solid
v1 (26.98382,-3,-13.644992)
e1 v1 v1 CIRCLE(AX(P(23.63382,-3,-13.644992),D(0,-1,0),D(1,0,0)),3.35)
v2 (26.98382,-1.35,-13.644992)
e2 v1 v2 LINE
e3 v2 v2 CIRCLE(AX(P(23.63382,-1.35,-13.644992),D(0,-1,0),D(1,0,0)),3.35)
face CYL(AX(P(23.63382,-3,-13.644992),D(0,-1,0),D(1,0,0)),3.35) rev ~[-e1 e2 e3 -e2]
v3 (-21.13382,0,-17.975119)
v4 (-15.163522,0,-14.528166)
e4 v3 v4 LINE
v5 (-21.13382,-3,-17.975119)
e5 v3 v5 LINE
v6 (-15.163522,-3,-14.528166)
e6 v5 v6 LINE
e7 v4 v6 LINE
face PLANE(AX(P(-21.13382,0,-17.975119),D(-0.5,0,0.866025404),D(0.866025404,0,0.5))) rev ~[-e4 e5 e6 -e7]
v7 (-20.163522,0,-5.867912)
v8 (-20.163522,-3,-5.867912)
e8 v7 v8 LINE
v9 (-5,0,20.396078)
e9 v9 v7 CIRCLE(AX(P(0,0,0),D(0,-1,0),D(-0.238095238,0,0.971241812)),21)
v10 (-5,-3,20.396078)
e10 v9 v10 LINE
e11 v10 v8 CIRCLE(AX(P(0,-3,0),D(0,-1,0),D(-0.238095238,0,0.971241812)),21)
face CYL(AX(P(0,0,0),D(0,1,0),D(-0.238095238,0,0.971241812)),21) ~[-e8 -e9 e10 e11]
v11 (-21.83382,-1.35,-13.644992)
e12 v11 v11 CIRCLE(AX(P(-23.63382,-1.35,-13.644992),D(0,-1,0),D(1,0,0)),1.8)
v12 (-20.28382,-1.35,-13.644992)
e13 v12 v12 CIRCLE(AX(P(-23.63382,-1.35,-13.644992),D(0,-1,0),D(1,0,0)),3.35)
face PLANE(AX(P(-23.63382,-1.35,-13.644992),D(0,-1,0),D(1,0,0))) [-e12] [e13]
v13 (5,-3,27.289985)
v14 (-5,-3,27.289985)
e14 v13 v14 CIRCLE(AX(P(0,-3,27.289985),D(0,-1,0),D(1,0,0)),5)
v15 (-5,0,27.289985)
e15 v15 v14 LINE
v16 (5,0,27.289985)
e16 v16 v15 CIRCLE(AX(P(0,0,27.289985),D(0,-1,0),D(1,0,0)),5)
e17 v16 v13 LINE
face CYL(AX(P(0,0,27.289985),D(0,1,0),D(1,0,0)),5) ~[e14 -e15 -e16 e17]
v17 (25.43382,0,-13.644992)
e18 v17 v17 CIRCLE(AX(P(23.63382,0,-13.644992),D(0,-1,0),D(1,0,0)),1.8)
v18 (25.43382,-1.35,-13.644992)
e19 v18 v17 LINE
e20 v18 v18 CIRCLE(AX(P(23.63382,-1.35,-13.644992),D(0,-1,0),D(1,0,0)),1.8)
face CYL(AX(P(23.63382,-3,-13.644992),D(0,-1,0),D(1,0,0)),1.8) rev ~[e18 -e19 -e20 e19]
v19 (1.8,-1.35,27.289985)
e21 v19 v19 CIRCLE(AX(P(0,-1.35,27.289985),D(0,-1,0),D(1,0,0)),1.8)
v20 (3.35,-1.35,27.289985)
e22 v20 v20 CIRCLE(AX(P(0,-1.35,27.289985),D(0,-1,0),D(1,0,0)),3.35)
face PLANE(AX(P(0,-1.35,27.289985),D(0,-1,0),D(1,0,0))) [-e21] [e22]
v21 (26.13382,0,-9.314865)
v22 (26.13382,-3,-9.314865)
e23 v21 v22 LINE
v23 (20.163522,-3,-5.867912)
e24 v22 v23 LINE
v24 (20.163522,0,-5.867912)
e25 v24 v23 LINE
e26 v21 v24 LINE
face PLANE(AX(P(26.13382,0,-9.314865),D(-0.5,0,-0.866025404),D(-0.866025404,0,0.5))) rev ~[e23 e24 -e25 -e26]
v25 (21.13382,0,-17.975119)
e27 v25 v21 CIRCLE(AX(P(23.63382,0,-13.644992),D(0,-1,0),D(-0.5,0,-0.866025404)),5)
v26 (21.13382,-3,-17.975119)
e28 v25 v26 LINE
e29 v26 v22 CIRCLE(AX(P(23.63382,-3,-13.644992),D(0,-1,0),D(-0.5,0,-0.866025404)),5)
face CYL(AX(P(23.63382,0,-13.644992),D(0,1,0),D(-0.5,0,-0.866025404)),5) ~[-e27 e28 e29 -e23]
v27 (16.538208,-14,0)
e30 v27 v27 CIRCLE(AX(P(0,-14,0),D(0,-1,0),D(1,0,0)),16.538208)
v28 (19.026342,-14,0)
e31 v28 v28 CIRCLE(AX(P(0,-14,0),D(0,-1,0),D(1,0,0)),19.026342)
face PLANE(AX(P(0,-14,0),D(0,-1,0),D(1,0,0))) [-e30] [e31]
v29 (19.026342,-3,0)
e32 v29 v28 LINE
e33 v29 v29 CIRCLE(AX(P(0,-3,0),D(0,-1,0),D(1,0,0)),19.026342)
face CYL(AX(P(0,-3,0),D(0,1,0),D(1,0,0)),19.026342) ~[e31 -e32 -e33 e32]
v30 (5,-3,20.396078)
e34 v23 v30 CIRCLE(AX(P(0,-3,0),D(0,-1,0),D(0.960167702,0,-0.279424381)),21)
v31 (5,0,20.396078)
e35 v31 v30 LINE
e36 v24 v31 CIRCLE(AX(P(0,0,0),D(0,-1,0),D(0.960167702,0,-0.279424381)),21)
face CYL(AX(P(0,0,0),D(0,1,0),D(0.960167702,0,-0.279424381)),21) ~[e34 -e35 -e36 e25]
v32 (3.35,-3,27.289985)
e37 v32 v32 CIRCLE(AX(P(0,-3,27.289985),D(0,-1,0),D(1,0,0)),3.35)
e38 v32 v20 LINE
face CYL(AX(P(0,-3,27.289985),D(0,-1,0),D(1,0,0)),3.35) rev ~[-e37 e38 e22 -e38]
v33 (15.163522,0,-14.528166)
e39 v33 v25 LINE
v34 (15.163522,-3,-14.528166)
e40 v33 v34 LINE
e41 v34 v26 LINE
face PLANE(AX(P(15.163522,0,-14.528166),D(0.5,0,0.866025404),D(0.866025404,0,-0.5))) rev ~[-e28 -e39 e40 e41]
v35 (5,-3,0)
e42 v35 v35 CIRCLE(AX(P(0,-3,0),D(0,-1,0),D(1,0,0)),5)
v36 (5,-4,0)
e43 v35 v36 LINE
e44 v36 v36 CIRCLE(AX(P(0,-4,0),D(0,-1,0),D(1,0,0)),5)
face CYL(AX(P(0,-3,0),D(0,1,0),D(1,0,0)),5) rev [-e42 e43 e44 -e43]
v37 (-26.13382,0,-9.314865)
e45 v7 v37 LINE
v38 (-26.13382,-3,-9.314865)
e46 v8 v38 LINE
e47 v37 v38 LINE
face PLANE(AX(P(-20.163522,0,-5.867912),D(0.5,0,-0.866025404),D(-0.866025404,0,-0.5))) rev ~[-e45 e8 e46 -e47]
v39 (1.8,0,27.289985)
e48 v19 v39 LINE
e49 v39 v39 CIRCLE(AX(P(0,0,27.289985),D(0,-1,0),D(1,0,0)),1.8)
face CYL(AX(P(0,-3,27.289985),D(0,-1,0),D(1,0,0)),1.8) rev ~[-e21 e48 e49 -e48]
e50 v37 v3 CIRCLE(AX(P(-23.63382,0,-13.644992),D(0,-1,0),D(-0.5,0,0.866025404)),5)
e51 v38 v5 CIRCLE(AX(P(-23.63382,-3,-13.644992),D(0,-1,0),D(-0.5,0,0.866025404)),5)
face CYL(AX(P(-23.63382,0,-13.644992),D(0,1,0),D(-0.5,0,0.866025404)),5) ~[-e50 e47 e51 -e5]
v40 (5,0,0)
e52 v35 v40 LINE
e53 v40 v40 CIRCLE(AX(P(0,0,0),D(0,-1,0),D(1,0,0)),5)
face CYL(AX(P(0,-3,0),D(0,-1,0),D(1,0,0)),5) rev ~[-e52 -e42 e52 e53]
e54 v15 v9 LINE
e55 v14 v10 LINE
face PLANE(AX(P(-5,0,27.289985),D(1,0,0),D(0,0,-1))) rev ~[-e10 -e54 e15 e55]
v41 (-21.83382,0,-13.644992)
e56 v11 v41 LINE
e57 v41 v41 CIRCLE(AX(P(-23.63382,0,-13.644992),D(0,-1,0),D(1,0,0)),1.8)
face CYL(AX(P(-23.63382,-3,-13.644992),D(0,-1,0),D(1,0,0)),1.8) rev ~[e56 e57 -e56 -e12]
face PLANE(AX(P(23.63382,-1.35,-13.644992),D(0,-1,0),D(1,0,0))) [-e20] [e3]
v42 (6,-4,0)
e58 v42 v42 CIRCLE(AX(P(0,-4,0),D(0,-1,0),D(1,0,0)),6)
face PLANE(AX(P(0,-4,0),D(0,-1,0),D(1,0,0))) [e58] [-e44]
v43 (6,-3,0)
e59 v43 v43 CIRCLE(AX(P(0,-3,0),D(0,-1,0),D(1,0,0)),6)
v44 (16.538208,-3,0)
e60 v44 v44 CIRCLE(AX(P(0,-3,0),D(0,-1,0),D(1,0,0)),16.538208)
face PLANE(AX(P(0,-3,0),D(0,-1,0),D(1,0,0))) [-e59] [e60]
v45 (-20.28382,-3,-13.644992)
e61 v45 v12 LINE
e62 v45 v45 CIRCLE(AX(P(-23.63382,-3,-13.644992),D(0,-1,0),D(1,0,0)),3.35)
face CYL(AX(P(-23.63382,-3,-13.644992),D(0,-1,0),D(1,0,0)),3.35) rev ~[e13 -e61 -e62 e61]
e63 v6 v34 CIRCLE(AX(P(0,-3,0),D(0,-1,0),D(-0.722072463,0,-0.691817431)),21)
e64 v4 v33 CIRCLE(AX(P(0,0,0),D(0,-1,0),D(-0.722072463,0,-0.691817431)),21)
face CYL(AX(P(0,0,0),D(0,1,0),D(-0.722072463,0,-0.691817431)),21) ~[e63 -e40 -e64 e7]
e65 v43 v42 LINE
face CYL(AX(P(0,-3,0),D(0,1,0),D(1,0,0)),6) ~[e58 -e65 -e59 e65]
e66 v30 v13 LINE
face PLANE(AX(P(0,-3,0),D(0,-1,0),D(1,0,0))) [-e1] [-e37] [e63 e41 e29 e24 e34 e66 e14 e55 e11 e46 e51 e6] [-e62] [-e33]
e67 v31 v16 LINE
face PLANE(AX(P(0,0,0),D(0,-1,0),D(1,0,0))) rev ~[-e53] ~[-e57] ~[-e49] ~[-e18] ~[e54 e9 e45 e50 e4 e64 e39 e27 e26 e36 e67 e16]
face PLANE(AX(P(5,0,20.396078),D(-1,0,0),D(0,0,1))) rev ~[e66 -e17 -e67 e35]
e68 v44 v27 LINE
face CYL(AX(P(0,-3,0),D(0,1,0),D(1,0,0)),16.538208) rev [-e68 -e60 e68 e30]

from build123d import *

# Parameters (mm, degrees)
F1_DEPTH  = 3
F2_R      = 19.0263418025
F2_R_2    = 16.5382084955
F3_DEPTH  = 11
F4_R      = 5
F5_DEPTH  = 3.001
F7_R      = 1.8
F8_DEPTH  = 3.001
F6_R      = 6
F6_R_2    = 5
F9_DEPTH  = 1
F10_R     = 3.35
F10_R_2   = 1.8
F11_DEPTH = 1.65
F12_R     = 3.35
F12_R_2   = 1.8
F13_DEPTH = 1.65


with BuildPart() as f1:
    # F0 (on Front) → F1 (new body)
    with BuildSketch(Plane.XZ):
        with BuildLine():
            Line((-5, 27.2899847478), (-5, 20.3960780544))
            ThreePointArc((-5, 20.3960780544), (-18.1865334795, 10.5), (-20.1635217327, -5.8679120083))
            Line((-20.1635217327, -5.8679120083), (-26.1338200605, -9.314865355))
            ThreePointArc((-26.1338200605, -9.314865355), (-27.9639470794, -16.1449923739), (-21.1338200605, -17.9751193928))
            Line((-21.1338200605, -17.9751193928), (-15.1635217327, -14.5281660461))
            ThreePointArc((-15.1635217327, -14.5281660461), (0, -21), (15.1635217327, -14.5281660461))
            Line((15.1635217327, -14.5281660461), (21.1338200605, -17.9751193928))
            ThreePointArc((21.1338200605, -17.9751193928), (27.9639470794, -16.1449923739), (26.1338200605, -9.314865355))
            Line((26.1338200605, -9.314865355), (20.1635217327, -5.8679120083))
            ThreePointArc((20.1635217327, -5.8679120083), (18.1865334795, 10.5), (5, 20.3960780544))
            Line((5, 20.3960780544), (5, 27.2899847478))
            ThreePointArc((5, 27.2899847478), (0, 32.2899847478), (-5, 27.2899847478))
        make_face()
    extrude(amount=F1_DEPTH)

    # F2 (on face) → F3 (join)
    with BuildSketch(Plane.XZ.offset(3)):
        Circle(F2_R)
        Circle(F2_R_2, mode=Mode.SUBTRACT)
    extrude(amount=F3_DEPTH)

    # F4 (on face) → F5 (cut, through all)
    with BuildSketch(Plane.XZ.offset(3)):
        Circle(F4_R)
    extrude(amount=-F5_DEPTH, mode=Mode.SUBTRACT)

    # F7 (on face) → F8 (cut, through all)
    with BuildSketch(Plane.XZ.offset(3)):
        with Locations((-23.6338200605, -13.6449923739)):
            Circle(F7_R)
        with Locations((23.6338200605, -13.6449923739)):
            Circle(F7_R)
        with Locations((0, 27.2899847478)):
            Circle(F7_R)
    extrude(amount=-F8_DEPTH, mode=Mode.SUBTRACT)

    # F6 (on face) → F9 (join)
    with BuildSketch(Plane.XZ.offset(3)):
        Circle(F6_R)
        Circle(F6_R_2, mode=Mode.SUBTRACT)
    extrude(amount=F9_DEPTH)

    # F10 (on face) → F11 (cut)
    with BuildSketch(Plane.XZ.offset(3)):
        with Locations((0, 27.2899847478)):
            Circle(F10_R)
        with Locations((0, 27.2899847478)):
            Circle(F10_R_2, mode=Mode.SUBTRACT)
    extrude(amount=-F11_DEPTH, mode=Mode.SUBTRACT)

    # F12 (on face) → F13 (cut)
    with BuildSketch(Plane.XZ.offset(3)):
        with Locations((23.6338200605, -13.6449923739)):
            Circle(F12_R)
        with Locations((23.6338200605, -13.6449923739)):
            Circle(F12_R_2, mode=Mode.SUBTRACT)
        with Locations((-23.6338200605, -13.6449923739)):
            Circle(F12_R)
        with Locations((-23.6338200605, -13.6449923739)):
            Circle(F12_R_2, mode=Mode.SUBTRACT)
    extrude(amount=-F13_DEPTH, mode=Mode.SUBTRACT)


solid = f1.part
